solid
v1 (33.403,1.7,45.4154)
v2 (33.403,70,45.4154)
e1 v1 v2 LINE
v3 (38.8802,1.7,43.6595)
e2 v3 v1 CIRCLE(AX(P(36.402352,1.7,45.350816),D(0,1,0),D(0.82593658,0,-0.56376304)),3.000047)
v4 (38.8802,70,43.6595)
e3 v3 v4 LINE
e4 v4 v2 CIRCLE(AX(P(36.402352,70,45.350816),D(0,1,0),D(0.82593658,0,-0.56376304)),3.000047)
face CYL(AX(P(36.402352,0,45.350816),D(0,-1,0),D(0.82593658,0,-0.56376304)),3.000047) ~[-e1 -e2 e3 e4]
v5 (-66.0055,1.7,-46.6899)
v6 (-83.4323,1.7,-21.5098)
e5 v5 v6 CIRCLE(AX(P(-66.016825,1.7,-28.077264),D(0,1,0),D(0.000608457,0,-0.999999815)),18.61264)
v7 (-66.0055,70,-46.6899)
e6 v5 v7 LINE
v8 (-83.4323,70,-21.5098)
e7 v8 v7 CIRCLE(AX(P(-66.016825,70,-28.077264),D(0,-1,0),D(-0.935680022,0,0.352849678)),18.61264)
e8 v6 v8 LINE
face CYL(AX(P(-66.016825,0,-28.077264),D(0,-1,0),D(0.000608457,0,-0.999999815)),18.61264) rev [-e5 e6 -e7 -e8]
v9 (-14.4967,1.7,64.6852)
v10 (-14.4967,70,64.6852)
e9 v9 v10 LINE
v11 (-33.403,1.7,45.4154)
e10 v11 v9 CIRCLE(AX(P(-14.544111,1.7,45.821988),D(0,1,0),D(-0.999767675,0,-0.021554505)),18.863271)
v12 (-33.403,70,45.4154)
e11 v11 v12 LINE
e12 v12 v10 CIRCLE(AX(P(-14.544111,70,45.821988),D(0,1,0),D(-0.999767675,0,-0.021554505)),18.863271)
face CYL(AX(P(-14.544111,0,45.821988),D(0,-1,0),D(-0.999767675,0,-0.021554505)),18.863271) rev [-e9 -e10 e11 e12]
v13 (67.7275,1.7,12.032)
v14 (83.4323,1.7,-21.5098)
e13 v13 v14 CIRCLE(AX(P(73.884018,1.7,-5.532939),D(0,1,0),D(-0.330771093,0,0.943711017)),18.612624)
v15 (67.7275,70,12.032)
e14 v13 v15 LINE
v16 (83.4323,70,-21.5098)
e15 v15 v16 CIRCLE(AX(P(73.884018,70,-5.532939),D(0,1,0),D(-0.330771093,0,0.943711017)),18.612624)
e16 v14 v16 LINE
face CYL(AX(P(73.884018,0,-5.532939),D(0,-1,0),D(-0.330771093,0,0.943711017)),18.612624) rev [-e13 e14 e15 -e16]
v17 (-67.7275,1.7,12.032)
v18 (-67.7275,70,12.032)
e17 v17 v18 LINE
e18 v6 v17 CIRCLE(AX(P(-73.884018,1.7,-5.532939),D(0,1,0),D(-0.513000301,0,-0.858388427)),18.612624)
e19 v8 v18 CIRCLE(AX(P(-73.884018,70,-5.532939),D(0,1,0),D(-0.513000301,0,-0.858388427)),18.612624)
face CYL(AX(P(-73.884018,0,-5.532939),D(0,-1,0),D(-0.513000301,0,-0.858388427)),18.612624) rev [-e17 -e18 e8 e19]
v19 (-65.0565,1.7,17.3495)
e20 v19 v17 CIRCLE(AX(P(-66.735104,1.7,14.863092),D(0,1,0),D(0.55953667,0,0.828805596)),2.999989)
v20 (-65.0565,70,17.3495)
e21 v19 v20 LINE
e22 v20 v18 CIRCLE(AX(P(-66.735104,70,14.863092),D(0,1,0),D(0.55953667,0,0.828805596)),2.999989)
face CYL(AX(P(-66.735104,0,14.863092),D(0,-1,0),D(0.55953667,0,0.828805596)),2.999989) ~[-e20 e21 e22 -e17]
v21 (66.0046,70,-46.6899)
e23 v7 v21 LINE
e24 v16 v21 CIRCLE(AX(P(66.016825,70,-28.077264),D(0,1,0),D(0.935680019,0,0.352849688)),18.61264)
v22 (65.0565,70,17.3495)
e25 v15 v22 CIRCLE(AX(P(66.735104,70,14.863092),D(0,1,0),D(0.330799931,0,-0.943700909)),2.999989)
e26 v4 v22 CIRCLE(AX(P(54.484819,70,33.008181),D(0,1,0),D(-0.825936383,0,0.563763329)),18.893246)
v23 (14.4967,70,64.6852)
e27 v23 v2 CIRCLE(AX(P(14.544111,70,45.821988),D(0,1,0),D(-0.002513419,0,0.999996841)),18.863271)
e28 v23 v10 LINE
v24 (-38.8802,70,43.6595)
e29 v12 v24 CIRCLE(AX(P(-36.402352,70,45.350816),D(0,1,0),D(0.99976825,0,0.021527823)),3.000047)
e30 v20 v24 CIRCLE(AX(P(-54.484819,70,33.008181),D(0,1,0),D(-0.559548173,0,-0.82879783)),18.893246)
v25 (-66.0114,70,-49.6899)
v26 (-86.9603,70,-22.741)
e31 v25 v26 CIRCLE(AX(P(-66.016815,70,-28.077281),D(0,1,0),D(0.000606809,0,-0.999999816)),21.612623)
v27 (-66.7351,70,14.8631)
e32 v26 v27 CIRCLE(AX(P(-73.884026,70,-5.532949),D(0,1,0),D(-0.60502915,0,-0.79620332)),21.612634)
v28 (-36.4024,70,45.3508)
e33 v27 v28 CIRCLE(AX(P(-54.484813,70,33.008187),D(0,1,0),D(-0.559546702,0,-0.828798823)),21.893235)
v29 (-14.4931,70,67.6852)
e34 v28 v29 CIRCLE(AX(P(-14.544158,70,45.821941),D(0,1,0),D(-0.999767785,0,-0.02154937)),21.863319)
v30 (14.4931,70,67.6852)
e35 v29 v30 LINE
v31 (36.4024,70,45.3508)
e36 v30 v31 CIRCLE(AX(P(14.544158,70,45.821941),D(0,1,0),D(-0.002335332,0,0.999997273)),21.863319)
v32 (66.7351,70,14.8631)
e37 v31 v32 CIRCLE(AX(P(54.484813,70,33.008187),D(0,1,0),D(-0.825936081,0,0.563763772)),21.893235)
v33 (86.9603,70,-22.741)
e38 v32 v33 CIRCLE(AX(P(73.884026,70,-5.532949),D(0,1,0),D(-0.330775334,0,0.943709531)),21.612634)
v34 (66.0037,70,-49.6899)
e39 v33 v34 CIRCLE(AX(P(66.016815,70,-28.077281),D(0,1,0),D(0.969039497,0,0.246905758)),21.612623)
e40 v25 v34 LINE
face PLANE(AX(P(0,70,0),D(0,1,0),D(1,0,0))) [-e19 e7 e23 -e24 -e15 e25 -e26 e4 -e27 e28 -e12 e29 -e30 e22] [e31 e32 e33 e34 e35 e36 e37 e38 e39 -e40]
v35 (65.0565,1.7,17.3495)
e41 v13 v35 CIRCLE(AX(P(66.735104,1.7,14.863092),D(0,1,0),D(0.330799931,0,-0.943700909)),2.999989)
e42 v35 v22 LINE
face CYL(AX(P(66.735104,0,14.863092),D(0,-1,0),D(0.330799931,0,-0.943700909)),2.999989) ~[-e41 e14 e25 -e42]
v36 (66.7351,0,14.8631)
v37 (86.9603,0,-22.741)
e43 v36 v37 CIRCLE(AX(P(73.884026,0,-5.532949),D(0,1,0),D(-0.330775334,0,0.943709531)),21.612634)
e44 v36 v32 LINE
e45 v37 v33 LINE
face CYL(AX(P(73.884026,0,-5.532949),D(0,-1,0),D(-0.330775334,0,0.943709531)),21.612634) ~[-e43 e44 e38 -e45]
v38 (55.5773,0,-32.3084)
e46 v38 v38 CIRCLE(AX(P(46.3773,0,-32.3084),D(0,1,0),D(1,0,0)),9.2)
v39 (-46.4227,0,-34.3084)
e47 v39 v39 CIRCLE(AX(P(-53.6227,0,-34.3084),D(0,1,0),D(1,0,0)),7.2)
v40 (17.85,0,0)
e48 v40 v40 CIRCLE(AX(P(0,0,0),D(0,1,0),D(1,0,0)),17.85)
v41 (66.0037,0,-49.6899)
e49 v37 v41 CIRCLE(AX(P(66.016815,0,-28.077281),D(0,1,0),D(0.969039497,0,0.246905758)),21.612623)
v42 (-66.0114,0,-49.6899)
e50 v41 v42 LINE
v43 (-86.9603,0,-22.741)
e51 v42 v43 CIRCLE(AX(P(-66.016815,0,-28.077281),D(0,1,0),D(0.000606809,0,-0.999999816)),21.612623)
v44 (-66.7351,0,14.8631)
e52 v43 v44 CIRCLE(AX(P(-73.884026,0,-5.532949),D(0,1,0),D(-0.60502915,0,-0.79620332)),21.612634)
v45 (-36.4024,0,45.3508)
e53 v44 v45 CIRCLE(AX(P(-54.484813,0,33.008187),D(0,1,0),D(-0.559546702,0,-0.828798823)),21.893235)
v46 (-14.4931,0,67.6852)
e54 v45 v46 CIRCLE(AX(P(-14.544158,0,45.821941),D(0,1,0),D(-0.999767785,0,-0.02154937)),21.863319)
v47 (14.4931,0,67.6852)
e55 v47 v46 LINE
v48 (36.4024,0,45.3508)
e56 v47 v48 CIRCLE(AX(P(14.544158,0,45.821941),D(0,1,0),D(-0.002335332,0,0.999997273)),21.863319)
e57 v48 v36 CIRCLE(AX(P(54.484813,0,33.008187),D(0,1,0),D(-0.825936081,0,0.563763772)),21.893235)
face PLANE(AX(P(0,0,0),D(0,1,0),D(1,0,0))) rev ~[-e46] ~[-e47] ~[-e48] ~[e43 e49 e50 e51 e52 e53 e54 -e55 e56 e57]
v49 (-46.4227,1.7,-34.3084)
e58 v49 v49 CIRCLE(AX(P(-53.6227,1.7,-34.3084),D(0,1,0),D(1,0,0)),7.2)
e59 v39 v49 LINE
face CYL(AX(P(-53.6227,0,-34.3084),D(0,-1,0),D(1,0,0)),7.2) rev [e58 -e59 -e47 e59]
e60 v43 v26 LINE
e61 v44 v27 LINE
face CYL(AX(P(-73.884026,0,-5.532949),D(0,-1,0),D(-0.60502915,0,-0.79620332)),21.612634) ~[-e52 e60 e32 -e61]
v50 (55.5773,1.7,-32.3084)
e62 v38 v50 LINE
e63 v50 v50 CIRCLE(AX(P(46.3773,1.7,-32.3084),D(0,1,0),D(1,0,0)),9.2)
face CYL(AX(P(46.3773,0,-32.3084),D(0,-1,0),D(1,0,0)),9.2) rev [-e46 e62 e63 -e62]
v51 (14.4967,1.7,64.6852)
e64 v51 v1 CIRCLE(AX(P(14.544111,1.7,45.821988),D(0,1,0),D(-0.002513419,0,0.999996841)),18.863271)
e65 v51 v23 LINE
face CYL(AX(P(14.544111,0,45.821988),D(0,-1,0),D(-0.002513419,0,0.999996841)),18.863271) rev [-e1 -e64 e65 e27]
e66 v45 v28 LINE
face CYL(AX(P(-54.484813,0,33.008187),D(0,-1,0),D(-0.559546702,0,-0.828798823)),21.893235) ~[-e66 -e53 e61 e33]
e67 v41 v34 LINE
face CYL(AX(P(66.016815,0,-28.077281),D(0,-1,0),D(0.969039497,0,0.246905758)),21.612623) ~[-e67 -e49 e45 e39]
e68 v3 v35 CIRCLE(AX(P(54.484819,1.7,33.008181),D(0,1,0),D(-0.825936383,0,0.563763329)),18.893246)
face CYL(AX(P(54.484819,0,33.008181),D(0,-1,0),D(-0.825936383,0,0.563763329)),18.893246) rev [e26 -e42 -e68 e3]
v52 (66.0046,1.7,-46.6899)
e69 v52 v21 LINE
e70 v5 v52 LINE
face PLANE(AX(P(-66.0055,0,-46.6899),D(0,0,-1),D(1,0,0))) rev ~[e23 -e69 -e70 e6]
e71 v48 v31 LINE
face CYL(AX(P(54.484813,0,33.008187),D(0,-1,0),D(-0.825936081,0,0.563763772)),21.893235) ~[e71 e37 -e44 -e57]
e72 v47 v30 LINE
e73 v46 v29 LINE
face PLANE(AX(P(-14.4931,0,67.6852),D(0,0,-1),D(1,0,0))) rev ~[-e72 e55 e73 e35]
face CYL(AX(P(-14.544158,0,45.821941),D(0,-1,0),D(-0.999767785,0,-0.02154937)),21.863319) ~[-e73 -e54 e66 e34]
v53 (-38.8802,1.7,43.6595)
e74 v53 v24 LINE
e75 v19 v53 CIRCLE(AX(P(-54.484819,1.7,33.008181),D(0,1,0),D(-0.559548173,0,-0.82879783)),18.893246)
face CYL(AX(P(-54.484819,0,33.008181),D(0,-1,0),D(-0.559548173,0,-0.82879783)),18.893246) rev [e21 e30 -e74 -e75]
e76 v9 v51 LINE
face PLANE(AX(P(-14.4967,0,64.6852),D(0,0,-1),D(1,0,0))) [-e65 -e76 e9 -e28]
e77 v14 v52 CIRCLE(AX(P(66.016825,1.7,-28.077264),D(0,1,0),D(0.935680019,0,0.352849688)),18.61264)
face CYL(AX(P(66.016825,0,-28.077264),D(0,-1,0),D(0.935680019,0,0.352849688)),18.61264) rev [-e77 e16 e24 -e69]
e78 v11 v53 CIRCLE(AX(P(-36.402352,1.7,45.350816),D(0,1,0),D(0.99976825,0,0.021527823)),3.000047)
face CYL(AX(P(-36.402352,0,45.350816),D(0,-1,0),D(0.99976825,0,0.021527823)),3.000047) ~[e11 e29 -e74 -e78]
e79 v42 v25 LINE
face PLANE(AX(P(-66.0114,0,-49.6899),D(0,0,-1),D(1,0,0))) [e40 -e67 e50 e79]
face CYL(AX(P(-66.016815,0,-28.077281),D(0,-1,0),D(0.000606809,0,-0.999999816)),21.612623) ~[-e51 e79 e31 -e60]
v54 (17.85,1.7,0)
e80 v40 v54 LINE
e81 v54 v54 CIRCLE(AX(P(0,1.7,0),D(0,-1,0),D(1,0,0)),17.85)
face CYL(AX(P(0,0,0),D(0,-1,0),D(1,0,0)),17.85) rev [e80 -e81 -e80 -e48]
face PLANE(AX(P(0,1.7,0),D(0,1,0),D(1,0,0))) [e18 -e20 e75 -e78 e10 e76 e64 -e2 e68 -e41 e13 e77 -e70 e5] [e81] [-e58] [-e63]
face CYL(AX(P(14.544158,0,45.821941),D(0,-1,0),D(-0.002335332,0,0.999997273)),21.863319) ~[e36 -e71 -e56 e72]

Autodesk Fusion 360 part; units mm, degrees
sketch "Sketch1" plane through (0, 0, 0) normal (0, 1, 0) x (1, 0, 0)
  arc A0 (-86.9603, 22.741) -> (-66.7351, -14.8631) centre (-73.884, 5.5329) ccw
  arc A1 (-36.4024, -45.3508) -> (-14.4931, -67.6852) centre (-14.5441, -45.822) ccw
  arc A2 (-66.7351, -14.8631) -> (-36.4024, -45.3508) centre (-54.4848, -33.0082) ccw
  line L0 (0, -67.7) -> (0, 67.7)
  arc A3 (14.4931, -67.6852) -> (36.4024, -45.3508) centre (14.5441, -45.822) ccw
  arc A4 (36.4024, -45.3508) -> (66.7351, -14.8631) centre (54.4848, -33.0082) ccw
  arc A5 (66.7351, -14.8631) -> (86.9603, 22.741) centre (73.884, 5.5329) ccw
  line L1 (-14.4931, -67.6852) -> (14.4931, -67.6852)
  circle A6 centre (-53.6227, 34.3084) radius 7.2
  circle A7 centre (46.3773, 32.3084) radius 9.2
  circle A8 centre (0, 0) radius 17.85
  line L2 (-66.0114, 49.6899) -> (66.0037, 49.6899)
  arc A9 (-66.0037, 49.6899) -> (-86.9603, 22.741) centre (-66.0168, 28.0773) ccw
  arc A10 (86.9603, 22.741) -> (66.0037, 49.6899) centre (66.0168, 28.0773) ccw
  arc A11 (-66.0055, 46.6899) -> (-83.4323, 21.5098) centre (-66.0168, 28.0773) ccw
  arc A12 (-83.4323, 21.5098) -> (-67.7275, -12.032) centre (-73.884, 5.5329) ccw
  arc A13 (-65.0565, -17.3495) -> (-67.7275, -12.032) centre (-66.7351, -14.8631) ccw
  arc A14 (-65.0565, -17.3495) -> (-38.8802, -43.6595) centre (-54.4848, -33.0082) ccw
  arc A15 (-33.403, -45.4154) -> (-38.8802, -43.6595) centre (-36.4024, -45.3508) ccw
  arc A16 (-33.403, -45.4154) -> (-14.4967, -64.6852) centre (-14.5441, -45.822) ccw
  line L3 (-14.4967, -64.6852) -> (14.4967, -64.6852)
  arc A17 (14.4967, -64.6852) -> (33.403, -45.4154) centre (14.5441, -45.822) ccw
  arc A18 (38.8802, -43.6595) -> (33.403, -45.4154) centre (36.4024, -45.3508) ccw
  arc A19 (38.8802, -43.6595) -> (65.0565, -17.3495) centre (54.4848, -33.0082) ccw
  arc A20 (67.7275, -12.032) -> (65.0565, -17.3495) centre (66.7351, -14.8631) ccw
  arc A21 (67.7275, -12.032) -> (83.4323, 21.5098) centre (73.884, 5.5329) ccw
  arc A22 (83.4323, 21.5098) -> (66.0046, 46.6899) centre (66.0168, 28.0773) ccw
  line L4 (-66.0114, 46.6899) -> (66.0046, 46.6899)
  dimension "d19" = 14.4
  dimension "d21" = 18.4
  dimension "d24" = 35.7
  dimension "d26" = -3
extrude "Extrude2" add sketch "Sketch1" along normal blind 1.7 contours L0 A8 L3 A17 A18 A19 A20 A21 A22 L4 | L0 A8 A11 A12 A13 A14 A15 A16 L3 L4
extrude "Extrude3" add sketch "Sketch1" along normal blind 70 contours A0 A1 A2 L0 L1 L2 A9 A11 A12 A13 A14 A15 A16 L3 L4 | L0 A3 A4 A5 L1 L2 A10 L3 A17 A18 A19 A20 A21 A22 L4
